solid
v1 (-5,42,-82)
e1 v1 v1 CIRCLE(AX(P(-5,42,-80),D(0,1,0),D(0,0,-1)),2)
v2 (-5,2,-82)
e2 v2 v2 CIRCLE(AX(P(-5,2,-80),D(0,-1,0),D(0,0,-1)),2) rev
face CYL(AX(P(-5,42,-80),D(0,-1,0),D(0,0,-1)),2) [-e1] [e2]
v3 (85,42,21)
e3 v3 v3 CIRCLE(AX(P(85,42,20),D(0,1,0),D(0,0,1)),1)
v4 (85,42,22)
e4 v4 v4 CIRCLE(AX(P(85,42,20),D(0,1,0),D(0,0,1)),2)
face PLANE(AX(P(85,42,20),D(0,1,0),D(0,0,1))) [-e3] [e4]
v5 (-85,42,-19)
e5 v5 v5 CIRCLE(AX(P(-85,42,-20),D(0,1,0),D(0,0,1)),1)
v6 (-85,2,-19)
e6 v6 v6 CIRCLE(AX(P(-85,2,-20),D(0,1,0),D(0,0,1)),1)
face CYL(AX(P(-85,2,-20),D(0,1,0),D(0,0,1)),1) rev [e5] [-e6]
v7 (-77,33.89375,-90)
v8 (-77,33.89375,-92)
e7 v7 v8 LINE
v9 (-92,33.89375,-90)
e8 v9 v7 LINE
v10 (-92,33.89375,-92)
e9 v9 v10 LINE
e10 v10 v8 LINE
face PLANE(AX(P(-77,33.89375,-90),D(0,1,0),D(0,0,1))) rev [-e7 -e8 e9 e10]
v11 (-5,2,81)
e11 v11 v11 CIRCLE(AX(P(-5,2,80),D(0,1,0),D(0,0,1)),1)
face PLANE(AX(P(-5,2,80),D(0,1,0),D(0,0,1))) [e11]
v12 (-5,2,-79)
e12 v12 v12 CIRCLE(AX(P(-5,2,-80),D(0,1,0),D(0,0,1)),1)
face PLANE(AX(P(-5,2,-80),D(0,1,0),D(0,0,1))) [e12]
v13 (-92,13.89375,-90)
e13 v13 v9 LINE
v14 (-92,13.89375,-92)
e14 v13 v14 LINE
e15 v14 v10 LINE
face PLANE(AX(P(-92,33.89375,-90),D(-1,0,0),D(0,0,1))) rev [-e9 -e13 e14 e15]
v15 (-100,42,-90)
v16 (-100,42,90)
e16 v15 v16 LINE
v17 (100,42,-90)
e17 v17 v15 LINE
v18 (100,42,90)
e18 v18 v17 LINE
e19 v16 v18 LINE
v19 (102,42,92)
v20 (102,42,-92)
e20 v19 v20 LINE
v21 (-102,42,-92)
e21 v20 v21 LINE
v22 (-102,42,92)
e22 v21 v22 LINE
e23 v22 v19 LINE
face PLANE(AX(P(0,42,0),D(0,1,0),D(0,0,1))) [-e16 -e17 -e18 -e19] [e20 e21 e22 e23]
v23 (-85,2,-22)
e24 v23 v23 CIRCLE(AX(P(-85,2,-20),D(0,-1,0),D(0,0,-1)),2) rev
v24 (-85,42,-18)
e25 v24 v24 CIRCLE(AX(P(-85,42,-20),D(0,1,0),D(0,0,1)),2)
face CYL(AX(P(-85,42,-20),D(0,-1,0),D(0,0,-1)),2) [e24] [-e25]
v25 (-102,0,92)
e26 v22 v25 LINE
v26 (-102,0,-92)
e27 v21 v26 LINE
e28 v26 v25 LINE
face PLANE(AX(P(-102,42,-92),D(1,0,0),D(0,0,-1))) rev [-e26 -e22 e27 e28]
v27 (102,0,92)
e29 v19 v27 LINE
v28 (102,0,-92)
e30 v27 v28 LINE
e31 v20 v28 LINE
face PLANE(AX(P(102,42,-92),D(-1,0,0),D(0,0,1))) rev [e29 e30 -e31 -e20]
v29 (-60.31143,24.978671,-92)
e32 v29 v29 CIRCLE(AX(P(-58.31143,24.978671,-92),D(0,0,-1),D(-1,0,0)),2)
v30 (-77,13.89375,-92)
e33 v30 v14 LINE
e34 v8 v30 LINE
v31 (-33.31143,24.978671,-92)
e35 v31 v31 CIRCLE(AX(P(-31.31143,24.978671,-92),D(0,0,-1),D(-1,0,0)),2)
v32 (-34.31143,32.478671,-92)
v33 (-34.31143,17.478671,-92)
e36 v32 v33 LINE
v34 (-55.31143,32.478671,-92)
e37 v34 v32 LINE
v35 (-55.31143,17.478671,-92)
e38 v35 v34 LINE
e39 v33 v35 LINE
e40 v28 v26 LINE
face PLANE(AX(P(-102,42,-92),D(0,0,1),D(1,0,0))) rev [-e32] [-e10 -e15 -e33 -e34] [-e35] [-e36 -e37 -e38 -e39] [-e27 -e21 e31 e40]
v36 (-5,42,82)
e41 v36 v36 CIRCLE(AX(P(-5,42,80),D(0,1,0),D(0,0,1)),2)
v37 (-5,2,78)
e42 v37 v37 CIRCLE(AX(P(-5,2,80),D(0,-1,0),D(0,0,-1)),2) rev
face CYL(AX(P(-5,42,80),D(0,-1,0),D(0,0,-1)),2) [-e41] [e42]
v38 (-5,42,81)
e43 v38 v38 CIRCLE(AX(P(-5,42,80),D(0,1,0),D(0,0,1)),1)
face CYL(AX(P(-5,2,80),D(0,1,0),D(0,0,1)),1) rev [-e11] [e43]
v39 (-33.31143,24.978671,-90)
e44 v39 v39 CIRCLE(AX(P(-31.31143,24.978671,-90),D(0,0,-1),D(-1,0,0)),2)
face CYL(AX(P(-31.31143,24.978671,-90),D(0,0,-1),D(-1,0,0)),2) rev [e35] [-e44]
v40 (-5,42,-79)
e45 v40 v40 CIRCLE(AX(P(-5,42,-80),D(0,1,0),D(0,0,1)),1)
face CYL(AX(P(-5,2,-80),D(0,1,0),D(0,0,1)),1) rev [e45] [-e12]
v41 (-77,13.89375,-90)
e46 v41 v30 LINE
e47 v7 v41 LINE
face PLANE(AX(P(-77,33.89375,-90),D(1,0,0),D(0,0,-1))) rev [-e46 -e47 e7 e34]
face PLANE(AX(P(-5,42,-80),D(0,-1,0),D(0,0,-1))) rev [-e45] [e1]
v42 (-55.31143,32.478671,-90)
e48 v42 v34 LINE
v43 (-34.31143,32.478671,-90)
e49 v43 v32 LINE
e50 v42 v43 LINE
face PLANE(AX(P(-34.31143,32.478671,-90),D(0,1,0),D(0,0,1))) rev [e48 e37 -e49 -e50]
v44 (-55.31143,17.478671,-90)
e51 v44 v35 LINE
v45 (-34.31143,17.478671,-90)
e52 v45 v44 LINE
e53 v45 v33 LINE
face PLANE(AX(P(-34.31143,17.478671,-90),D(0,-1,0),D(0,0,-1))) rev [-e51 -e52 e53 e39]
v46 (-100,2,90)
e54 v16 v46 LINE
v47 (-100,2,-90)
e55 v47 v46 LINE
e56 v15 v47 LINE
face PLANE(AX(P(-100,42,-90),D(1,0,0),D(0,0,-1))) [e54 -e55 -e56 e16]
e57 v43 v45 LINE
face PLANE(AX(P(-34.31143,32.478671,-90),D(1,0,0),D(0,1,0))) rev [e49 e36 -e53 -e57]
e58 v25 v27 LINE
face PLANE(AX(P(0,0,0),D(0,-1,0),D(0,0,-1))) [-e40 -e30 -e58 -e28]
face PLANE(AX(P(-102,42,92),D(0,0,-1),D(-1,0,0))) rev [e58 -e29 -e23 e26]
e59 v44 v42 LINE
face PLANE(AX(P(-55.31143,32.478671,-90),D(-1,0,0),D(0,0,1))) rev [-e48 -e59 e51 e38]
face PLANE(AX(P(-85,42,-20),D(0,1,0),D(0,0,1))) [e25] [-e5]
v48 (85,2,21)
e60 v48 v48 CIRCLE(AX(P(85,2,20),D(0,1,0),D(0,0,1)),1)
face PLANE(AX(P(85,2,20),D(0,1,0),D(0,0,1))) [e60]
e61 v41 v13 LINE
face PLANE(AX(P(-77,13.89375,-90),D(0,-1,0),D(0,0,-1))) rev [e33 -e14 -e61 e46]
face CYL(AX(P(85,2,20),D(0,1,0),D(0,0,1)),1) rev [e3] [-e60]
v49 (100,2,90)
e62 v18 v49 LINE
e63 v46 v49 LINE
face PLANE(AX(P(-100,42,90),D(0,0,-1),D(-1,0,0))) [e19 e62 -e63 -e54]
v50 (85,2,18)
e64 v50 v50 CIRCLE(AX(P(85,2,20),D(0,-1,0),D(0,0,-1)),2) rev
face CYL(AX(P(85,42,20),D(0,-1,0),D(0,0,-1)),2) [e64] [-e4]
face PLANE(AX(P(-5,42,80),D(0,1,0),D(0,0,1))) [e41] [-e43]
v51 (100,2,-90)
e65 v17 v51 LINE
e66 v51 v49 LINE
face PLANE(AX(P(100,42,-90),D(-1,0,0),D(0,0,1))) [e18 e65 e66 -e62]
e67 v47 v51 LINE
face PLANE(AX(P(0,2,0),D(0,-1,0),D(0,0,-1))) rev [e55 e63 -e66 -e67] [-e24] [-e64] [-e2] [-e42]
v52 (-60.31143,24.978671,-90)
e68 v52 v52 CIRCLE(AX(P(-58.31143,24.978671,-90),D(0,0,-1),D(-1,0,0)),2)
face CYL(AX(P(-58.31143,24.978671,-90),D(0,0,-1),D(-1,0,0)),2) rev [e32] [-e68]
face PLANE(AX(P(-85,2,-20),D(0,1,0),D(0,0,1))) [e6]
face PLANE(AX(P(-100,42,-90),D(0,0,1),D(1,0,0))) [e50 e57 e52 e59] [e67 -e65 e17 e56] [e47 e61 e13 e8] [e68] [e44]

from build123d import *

# Parameters (mm, degrees)
SKETCH4_W           = 200
SKETCH4_H           = 180
BOSS_EXTRUDE3_DEPTH = 2
SKETCH4_3_W         = 204
SKETCH4_3_H         = 184
SKETCH4_3_W_2       = 200
SKETCH4_3_H_2       = 180
BOSS_EXTRUDE4_DEPTH = 42
SKETCH6_R           = 2
BOSS_EXTRUDE5_DEPTH = 40
SKETCH8_R           = 1
CUT_EXTRUDE1_DEPTH  = 40
SKETCH5_R           = 2
SKETCH5_W           = 15
SKETCH5_H           = 20
SKETCH5_W_2         = 21
SKETCH5_H_2         = 15
CUT_EXTRUDE2_DEPTH  = 2


with BuildPart() as part:
    # Sketch4 → Boss-Extrude3 (new body)
    with BuildSketch(Plane(origin=(0, 0, 0), x_dir=(1, 0, 0), z_dir=(0, 1, 0))):
        Rectangle(SKETCH4_W, SKETCH4_H)
    extrude(amount=BOSS_EXTRUDE3_DEPTH)

    # Sketch4<3> → Boss-Extrude4 (add)
    with BuildSketch(Plane(origin=(0, 0, 0), x_dir=(1, 0, 0), z_dir=(0, 1, 0))):
        Rectangle(SKETCH4_3_W, SKETCH4_3_H)
        Rectangle(SKETCH4_3_W_2, SKETCH4_3_H_2, mode=Mode.SUBTRACT)
    extrude(amount=BOSS_EXTRUDE4_DEPTH)

    # Sketch6 → Boss-Extrude5 (add)
    with BuildSketch(Plane(origin=(0, 2, 0), x_dir=(1, 0, 0), z_dir=(0, 1, 0))):
        with Locations((-5, -80)):
            Circle(SKETCH6_R)
        with Locations((-5, 80)):
            Circle(SKETCH6_R)
        with Locations((85, -20)):
            Circle(SKETCH6_R)
        with Locations((-85, 20)):
            Circle(SKETCH6_R)
    extrude(amount=BOSS_EXTRUDE5_DEPTH)

    # Sketch8 → Cut-Extrude1 (cut)
    with BuildSketch(Plane(origin=(0, 42, 0), x_dir=(1, 0, 0), z_dir=(0, 1, 0))):
        with Locations((-5, 80)):
            Circle(SKETCH8_R)
        with Locations((85, -20)):
            Circle(SKETCH8_R)
        with Locations((-5, -80)):
            Circle(SKETCH8_R)
        with Locations((-85, 20)):
            Circle(SKETCH8_R)
    extrude(amount=-CUT_EXTRUDE1_DEPTH, mode=Mode.SUBTRACT)

    # Sketch5 → Cut-Extrude2 (cut)
    with BuildSketch(Plane(origin=(0, 0, -92), x_dir=(-1, 0, 0), z_dir=(0, 0, -1))):
        with Locations((58.311430335, 24.978671474)):
            Circle(SKETCH5_R)
        with Locations((31.311430335, 24.978671474)):
            Circle(SKETCH5_R)
        with Locations((84.5, 23.893749762)):
            Rectangle(SKETCH5_W, SKETCH5_H)
        with Locations((44.811430335, 24.978671474)):
            Rectangle(SKETCH5_W_2, SKETCH5_H_2)
    extrude(amount=-CUT_EXTRUDE2_DEPTH, mode=Mode.SUBTRACT)


solid = part.part
